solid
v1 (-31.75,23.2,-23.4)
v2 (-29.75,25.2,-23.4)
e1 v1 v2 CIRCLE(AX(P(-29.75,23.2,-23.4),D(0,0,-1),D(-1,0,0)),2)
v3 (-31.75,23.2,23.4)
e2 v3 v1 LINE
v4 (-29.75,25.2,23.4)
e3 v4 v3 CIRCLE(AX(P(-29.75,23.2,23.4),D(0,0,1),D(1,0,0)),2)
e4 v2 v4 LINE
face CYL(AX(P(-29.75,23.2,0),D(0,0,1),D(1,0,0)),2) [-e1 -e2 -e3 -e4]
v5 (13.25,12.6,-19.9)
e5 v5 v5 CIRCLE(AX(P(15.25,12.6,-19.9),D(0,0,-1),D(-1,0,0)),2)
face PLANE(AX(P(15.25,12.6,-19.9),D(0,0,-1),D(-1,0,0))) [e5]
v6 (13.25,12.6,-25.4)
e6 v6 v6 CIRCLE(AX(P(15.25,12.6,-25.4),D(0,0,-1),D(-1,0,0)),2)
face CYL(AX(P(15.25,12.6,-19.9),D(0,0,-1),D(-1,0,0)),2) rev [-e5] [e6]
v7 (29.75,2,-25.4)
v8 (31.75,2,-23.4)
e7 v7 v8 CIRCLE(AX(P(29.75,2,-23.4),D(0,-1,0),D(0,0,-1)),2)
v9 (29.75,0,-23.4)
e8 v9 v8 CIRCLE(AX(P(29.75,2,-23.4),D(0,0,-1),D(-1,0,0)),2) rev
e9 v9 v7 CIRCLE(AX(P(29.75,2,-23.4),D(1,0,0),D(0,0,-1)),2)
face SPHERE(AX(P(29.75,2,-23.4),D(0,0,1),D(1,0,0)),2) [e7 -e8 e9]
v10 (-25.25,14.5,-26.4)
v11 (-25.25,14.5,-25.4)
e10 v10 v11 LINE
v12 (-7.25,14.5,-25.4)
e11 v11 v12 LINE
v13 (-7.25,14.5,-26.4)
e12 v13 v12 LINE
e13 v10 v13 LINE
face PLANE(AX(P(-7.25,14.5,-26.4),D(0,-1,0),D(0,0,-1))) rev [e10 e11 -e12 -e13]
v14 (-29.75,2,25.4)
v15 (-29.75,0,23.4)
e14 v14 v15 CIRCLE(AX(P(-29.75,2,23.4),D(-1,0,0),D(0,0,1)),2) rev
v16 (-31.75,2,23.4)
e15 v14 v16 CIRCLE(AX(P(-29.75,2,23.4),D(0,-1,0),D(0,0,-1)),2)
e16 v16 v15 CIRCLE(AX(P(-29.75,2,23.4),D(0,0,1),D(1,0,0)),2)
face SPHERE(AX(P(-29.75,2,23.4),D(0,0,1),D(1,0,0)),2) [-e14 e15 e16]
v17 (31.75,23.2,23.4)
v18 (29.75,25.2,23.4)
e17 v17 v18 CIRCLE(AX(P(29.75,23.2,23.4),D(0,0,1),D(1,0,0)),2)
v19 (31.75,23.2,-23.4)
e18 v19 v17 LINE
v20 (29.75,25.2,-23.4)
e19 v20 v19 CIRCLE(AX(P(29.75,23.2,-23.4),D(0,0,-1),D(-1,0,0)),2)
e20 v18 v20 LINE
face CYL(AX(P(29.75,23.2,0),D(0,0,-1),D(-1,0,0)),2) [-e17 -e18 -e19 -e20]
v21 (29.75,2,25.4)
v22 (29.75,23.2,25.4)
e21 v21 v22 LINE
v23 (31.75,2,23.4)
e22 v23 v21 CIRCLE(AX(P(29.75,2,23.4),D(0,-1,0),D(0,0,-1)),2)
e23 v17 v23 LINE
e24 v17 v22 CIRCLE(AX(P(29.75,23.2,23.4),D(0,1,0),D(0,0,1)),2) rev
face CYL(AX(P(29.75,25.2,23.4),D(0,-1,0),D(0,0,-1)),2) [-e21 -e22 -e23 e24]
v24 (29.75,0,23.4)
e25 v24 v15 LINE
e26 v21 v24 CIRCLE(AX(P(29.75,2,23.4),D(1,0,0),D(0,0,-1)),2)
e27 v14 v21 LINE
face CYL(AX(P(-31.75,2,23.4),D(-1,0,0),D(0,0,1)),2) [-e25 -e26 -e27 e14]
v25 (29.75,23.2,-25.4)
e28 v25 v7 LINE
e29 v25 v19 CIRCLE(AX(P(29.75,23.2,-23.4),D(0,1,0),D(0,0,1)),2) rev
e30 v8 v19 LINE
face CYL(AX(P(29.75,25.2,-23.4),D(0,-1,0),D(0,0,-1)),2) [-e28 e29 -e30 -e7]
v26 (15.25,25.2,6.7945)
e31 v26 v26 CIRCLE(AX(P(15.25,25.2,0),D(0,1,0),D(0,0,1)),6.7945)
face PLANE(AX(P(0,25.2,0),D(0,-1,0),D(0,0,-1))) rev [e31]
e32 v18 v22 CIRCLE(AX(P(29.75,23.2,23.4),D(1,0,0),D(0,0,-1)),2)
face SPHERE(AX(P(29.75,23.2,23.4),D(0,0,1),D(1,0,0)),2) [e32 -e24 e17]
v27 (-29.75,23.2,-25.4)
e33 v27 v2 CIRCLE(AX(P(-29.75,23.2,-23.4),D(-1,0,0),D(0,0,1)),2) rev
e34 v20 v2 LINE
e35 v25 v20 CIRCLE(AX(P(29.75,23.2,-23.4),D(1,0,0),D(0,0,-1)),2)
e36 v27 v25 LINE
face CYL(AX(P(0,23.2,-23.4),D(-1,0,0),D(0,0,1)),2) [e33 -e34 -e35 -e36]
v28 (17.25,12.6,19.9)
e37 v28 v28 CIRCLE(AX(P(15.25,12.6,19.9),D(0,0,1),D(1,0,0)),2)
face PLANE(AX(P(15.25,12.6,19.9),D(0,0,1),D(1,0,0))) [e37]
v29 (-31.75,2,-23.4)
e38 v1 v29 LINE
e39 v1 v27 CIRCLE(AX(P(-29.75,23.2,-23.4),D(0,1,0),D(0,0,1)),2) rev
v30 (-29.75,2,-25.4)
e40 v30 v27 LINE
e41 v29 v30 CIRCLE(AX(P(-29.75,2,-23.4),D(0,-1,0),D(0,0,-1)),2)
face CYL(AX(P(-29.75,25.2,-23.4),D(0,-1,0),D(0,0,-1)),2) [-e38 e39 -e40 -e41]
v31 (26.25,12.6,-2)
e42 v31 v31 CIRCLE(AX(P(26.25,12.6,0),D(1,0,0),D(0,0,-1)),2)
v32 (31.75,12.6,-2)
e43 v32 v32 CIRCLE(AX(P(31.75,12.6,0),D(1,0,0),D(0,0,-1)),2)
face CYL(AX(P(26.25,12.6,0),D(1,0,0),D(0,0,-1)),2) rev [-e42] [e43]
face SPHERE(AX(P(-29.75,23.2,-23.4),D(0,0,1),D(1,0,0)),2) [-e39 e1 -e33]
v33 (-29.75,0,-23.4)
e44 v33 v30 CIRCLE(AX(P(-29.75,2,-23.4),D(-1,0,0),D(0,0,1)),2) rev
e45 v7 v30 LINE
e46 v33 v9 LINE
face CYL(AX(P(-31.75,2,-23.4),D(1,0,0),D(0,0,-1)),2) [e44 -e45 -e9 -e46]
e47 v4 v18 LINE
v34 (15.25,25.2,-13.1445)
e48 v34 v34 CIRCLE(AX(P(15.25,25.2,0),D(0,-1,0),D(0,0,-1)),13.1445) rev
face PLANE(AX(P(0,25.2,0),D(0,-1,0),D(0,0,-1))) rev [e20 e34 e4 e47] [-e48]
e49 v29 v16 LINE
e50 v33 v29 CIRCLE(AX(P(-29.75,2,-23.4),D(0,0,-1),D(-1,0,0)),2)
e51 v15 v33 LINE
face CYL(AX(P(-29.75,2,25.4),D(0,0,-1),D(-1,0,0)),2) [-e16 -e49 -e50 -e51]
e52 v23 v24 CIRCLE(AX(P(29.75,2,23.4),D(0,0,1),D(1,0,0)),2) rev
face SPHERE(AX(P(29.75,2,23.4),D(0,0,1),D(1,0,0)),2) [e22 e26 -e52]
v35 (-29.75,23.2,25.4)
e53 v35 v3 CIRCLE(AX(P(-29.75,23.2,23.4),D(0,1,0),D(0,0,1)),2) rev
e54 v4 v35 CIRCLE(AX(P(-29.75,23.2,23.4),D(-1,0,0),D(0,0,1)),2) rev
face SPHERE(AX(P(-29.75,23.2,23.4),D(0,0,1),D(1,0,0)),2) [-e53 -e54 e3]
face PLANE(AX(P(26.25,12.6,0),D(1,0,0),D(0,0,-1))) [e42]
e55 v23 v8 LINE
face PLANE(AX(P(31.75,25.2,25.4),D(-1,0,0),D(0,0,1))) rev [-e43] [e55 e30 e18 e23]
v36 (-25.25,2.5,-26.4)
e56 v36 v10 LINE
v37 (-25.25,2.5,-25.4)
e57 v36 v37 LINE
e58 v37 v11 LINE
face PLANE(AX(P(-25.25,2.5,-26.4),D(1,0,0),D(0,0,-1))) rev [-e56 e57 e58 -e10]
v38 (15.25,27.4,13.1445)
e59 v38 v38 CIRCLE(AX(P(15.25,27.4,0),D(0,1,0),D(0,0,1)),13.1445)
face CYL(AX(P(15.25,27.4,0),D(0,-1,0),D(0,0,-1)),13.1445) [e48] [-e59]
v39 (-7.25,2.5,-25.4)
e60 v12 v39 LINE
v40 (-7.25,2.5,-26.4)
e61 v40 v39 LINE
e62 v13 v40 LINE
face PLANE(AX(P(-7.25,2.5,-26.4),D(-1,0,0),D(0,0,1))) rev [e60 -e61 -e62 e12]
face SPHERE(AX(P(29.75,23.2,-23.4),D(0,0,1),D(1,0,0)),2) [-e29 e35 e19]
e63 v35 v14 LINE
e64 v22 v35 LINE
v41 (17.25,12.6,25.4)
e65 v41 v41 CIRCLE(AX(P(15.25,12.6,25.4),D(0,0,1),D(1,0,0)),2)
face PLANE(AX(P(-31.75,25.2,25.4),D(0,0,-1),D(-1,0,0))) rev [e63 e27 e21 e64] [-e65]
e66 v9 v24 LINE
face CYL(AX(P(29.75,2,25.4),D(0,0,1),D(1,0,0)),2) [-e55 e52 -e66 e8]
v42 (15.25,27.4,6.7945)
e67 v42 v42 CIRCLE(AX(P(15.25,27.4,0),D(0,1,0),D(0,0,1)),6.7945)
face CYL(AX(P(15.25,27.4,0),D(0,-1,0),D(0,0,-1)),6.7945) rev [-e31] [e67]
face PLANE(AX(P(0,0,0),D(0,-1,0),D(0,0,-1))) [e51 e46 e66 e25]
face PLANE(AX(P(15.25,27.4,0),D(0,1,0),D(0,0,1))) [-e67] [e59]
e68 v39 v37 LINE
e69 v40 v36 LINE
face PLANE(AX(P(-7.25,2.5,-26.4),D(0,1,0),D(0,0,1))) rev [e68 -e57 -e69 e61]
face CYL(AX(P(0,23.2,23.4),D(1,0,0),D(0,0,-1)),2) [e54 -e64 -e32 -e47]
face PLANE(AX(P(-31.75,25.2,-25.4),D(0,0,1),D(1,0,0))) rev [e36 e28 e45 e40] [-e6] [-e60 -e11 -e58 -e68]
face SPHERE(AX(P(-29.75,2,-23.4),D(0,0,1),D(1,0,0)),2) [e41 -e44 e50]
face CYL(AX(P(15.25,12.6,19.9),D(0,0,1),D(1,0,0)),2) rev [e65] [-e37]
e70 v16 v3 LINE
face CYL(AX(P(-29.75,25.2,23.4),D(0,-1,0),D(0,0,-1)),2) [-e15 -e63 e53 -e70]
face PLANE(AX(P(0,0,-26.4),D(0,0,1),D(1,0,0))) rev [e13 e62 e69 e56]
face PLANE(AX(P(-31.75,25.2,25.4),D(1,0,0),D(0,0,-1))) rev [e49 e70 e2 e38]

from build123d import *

# Parameters (mm, degrees)
SKETCH1_W           = 63.5
SKETCH1_H           = 50.8
BOSS_EXTRUDE1_DEPTH = 25.2
SKETCH2_R           = 13.1445
SKETCH2_R_2         = 6.7945
BOSS_EXTRUDE2_DEPTH = 2.2
SKETCH3_R           = 2
CUT_EXTRUDE1_DEPTH  = 5.5
SKETCH4_R           = 2
CUT_EXTRUDE2_DEPTH  = 5.5
CUT_EXTRUDE3_START  = -5.5
SKETCH5_R           = 2
CUT_EXTRUDE3_DEPTH  = 5.5
FILLET1_R           = 2
SKETCH6_W           = 18
SKETCH6_H           = 12
BOSS_EXTRUDE3_DEPTH = 1


with BuildPart() as part:
    # Sketch1 → Boss-Extrude1 (new body)
    with BuildSketch(Plane(origin=(0, 0, 0), x_dir=(1, 0, 0), z_dir=(0, 1, 0))):
        Rectangle(SKETCH1_W, SKETCH1_H)
    extrude(amount=BOSS_EXTRUDE1_DEPTH)

    # Sketch2 → Boss-Extrude2 (add)
    with BuildSketch(Plane(origin=(0, 25.2, 0), x_dir=(1, 0, 0), z_dir=(0, 1, 0))):
        with Locations(Location((15.25, 0, 0), (0, 0, 90))):
            Circle(SKETCH2_R)
        with Locations(Location((15.25, 0, 0), (0, 0, 270))):
            Circle(SKETCH2_R_2, mode=Mode.SUBTRACT)
    extrude(amount=BOSS_EXTRUDE2_DEPTH)

    # Sketch3 → Cut-Extrude1 (cut)
    with BuildSketch(Plane.XY.offset(25.4)):
        with Locations((15.25, 12.6)):
            Circle(SKETCH3_R)
    extrude(amount=-CUT_EXTRUDE1_DEPTH, mode=Mode.SUBTRACT)

    # Sketch4 → Cut-Extrude2 (cut)
    with BuildSketch(Plane(origin=(31.75, 0, 0), x_dir=(0, 0, -1), z_dir=(1, 0, 0))):
        with Locations((0, 12.6)):
            Circle(SKETCH4_R)
    extrude(amount=-CUT_EXTRUDE2_DEPTH, mode=Mode.SUBTRACT)

    # Sketch5 → Cut-Extrude3 (cut)
    with BuildSketch(Plane(origin=(0, 0, -25.4), x_dir=(-1, 0, 0), z_dir=(0, 0, -1)).offset(CUT_EXTRUDE3_START)):
        with Locations(Location((-15.25, 12.6, 0), (0, 0, 180))):
            Circle(SKETCH5_R)
    extrude(amount=CUT_EXTRUDE3_DEPTH, mode=Mode.SUBTRACT)

    # Fillet1
    fillet1_edges = [part.edges().sort_by_distance(p)[0] for p in [
        (-31.75, 25.2, 0),
        (0, 25.2, 25.4),
        (31.75, 25.2, 0),
        (0, 0, 25.4),
        (-31.75, 0, 0),
        (0, 0, -25.4),
        (31.75, 0, 0),
        (0, 25.2, -25.4),
        (31.75, 12.6, 25.4),
        (-31.75, 12.6, 25.4),
        (-31.75, 12.6, -25.4),
        (31.75, 12.6, -25.4),
    ]]
    fillet(fillet1_edges, radius=FILLET1_R)

    # Sketch6 → Boss-Extrude3 (add)
    with BuildSketch(Plane(origin=(0, 0, -25.4), x_dir=(-1, 0, 0), z_dir=(0, 0, -1))):
        with Locations((16.25, 8.5)):
            Rectangle(SKETCH6_W, SKETCH6_H)
    extrude(amount=BOSS_EXTRUDE3_DEPTH)


solid = part.part
